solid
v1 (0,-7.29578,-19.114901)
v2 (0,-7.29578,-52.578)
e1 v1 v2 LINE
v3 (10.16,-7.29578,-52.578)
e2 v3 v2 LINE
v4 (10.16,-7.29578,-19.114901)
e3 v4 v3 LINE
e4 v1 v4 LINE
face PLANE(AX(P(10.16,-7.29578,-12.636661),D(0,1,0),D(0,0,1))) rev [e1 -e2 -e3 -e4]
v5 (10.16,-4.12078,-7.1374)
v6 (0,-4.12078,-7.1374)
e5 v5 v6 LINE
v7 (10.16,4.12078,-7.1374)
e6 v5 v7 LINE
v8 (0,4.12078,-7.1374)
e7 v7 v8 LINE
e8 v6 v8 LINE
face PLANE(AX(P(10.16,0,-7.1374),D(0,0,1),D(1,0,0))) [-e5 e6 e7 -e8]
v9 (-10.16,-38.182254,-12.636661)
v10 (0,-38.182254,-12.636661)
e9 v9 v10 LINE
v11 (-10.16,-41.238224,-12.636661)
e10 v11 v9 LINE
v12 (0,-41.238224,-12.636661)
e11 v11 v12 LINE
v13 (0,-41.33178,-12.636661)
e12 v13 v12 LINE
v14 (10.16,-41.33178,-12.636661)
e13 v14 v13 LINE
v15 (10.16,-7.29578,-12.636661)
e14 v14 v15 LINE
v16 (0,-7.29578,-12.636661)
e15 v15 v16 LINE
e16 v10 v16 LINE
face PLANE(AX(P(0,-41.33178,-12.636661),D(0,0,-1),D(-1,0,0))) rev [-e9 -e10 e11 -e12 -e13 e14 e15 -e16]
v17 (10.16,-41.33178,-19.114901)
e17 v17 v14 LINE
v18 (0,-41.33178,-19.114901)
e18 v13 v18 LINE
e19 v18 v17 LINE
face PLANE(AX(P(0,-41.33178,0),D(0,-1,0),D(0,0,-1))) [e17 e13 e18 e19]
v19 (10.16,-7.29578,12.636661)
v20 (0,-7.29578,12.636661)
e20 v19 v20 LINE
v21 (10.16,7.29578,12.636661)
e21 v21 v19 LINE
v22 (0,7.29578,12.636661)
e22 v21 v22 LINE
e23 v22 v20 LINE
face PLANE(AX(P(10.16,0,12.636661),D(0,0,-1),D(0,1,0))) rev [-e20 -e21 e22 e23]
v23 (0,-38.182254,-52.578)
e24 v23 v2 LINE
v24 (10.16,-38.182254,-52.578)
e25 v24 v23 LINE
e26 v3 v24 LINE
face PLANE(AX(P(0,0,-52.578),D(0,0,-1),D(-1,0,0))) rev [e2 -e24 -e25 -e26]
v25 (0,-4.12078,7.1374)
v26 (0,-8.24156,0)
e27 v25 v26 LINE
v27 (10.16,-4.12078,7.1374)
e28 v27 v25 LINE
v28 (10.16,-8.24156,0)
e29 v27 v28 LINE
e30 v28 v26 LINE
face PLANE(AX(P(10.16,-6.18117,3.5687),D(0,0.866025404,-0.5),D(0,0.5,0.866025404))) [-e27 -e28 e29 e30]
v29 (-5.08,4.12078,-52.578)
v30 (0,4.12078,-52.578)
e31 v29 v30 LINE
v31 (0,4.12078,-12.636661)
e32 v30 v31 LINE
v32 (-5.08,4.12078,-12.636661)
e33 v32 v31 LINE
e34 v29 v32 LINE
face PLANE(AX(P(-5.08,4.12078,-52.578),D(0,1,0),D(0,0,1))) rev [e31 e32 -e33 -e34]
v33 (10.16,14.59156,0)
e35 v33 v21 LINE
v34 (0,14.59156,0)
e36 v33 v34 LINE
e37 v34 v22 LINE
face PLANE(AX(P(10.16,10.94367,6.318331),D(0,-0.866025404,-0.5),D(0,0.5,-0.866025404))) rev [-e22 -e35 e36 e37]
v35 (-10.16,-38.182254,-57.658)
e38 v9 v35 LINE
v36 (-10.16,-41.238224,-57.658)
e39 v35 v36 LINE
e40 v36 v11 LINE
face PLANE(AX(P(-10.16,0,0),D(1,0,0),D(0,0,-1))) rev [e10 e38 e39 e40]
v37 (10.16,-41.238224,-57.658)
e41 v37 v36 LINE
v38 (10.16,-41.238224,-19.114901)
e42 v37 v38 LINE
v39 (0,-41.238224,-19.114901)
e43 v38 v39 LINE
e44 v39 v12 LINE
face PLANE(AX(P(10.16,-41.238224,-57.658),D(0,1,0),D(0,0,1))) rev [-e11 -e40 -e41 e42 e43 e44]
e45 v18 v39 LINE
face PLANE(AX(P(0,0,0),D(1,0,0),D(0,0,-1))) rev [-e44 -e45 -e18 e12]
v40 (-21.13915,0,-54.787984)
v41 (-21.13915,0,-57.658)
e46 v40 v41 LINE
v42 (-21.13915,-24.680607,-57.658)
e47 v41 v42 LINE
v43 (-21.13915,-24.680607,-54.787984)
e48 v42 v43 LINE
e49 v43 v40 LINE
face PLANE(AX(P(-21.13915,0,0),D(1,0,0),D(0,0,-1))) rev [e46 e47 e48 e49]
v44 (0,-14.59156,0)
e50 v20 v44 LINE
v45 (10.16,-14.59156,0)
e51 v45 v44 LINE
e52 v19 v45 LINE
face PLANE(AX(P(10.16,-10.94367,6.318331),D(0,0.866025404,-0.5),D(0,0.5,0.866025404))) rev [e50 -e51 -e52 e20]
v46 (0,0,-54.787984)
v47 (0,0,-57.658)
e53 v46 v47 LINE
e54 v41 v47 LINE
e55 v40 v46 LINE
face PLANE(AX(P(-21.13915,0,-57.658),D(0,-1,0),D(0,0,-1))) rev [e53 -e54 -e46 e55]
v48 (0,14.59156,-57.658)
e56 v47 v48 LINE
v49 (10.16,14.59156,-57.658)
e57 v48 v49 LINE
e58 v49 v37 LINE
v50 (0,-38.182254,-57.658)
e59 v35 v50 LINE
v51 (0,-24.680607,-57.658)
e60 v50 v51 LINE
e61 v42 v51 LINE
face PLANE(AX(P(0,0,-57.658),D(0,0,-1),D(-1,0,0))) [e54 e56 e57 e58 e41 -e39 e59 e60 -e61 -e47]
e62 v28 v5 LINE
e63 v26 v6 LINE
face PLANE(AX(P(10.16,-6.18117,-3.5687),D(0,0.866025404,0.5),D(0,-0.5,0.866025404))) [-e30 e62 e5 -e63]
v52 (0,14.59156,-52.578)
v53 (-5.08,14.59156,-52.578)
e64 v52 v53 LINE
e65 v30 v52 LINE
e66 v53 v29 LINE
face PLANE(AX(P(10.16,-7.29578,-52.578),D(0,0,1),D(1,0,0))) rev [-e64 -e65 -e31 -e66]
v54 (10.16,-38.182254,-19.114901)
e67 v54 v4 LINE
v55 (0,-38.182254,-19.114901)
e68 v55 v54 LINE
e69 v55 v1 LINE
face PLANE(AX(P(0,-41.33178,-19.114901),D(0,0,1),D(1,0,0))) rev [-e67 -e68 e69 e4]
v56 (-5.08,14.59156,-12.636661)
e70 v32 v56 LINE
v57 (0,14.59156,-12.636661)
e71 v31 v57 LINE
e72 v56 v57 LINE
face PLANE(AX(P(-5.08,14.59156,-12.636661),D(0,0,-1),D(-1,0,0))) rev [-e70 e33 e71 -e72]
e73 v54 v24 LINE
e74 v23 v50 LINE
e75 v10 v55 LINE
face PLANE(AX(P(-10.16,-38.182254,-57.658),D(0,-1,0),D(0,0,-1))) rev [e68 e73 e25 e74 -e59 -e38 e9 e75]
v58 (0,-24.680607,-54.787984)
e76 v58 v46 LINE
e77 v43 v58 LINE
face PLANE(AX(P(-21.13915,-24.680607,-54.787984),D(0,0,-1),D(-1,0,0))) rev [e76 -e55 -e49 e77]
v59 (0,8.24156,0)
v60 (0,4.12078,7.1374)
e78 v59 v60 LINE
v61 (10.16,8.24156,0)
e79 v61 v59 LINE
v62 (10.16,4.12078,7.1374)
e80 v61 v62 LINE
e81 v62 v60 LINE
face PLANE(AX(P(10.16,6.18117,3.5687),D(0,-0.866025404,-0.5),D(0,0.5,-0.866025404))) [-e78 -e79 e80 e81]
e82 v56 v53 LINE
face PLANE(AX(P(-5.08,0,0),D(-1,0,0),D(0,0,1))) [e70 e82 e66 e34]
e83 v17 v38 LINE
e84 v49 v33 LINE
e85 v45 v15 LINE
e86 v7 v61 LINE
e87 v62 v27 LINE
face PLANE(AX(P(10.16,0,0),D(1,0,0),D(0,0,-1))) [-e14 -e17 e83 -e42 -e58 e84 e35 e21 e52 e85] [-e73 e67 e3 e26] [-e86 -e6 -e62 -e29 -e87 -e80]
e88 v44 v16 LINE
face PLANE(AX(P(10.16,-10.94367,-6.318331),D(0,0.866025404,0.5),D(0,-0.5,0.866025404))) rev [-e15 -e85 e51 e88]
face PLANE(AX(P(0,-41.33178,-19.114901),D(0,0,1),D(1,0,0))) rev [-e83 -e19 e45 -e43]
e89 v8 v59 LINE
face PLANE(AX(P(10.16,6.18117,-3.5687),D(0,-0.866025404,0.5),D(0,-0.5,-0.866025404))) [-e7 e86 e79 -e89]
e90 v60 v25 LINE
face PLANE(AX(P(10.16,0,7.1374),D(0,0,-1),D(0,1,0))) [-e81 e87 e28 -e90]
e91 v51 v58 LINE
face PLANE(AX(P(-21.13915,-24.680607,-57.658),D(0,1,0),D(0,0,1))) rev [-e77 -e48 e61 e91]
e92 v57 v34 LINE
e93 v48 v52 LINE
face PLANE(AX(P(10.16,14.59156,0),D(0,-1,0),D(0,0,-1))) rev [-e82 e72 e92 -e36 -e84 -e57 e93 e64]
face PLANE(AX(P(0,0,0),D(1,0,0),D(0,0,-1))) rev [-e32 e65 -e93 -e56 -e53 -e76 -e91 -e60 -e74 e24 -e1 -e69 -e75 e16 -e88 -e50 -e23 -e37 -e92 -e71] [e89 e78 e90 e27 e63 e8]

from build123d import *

# Parameters (mm, degrees)
BOSS_EXTRUDE1_DEPTH = 10.16
BOSS_EXTRUDE2_DEPTH = 10.16
SKETCH4_W           = 39.941338686
SKETCH4_H           = 10.470779812
BOSS_EXTRUDE3_DEPTH = 5.08
SKETCH6_W           = 10.16
SKETCH6_H           = 55.829783289
BOSS_EXTRUDE5_DEPTH = 5.08
SKETCH9_W           = 10.16
SKETCH9_H           = 6.478239632
BOSS_EXTRUDE6_DEPTH = 34.036
SKETCH12_W          = 45.021338686
SKETCH12_H          = 3.055969703
BOSS_EXTRUDE7_DEPTH = 10.16
SKETCH13_W          = 10.16
SKETCH13_H          = 3.055969703
BOSS_EXTRUDE8_DEPTH = 33.528
SKETCH16_W          = 2.870015597
SKETCH16_H          = 24.680607417
BOSS_EXTRUDE9_DEPTH = 21.13915


with BuildPart() as part:
    # Sketch2 → Boss-Extrude1 (new body)
    with BuildSketch(Plane(origin=(0, 0, 0), x_dir=(0, 0, -1), z_dir=(1, 0, 0))):
        Polygon((0, 14.591559623), (-12.636661314, 7.295779811), (-12.636661314, -7.295779811), (0, -14.591559623), (12.636661314, -7.295779811), (12.636661314, 7.295779811), align=None)
        Polygon((0, 8.241559623), (-7.1374, 4.120779811), (-7.1374, -4.120779811), (0, -8.241559623), (7.1374, -4.120779811), (7.1374, 4.120779811), align=None, mode=Mode.SUBTRACT)
    extrude(amount=BOSS_EXTRUDE1_DEPTH)

    # Sketch3 → Boss-Extrude2 (add)
    with BuildSketch(Plane(origin=(0, 0, 0), x_dir=(0, 0, -1), z_dir=(1, 0, 0))):
        Polygon((12.636661314, -7.295779811), (52.578, -7.295779811), (52.578, 14.591559623), (0, 14.591559623), (12.636661314, 7.295779811), align=None)
    extrude(amount=BOSS_EXTRUDE2_DEPTH)

    # Sketch4 → Boss-Extrude3 (add)
    with BuildSketch(Plane.ZY):
        with Locations((-32.607330657, 9.356169717)):
            Rectangle(SKETCH4_W, SKETCH4_H)
    extrude(amount=BOSS_EXTRUDE3_DEPTH)

    # Sketch6 → Boss-Extrude5 (add)
    with BuildSketch(Plane(origin=(0, 0, -52.578), x_dir=(-1, 0, 0), z_dir=(0, 0, -1))):
        with Locations((-5.08, -13.323332022)):
            Rectangle(SKETCH6_W, SKETCH6_H)
    extrude(amount=BOSS_EXTRUDE5_DEPTH)

    # Sketch9 → Boss-Extrude6 (add)
    with BuildSketch(Plane(origin=(0, -7.295779811, 0), x_dir=(-1, 0, 0), z_dir=(0, -1, 0))):
        with Locations((-5.08, 15.87578113)):
            Rectangle(SKETCH9_W, SKETCH9_H)
    extrude(amount=BOSS_EXTRUDE6_DEPTH)

    # Sketch12 → Boss-Extrude7 (add)
    with BuildSketch(Plane.ZY):
        with Locations((-35.147330657, -39.710238815)):
            Rectangle(SKETCH12_W, SKETCH12_H)
    extrude(amount=BOSS_EXTRUDE7_DEPTH)

    # Sketch13 → Boss-Extrude8 (add)
    with BuildSketch(Plane.XY.offset(-52.578)):
        with Locations((5.08, -39.710238815)):
            Rectangle(SKETCH13_W, SKETCH13_H)
    extrude(amount=BOSS_EXTRUDE8_DEPTH)

    # Sketch16 → Boss-Extrude9 (add)
    with BuildSketch(Plane.ZY):
        with Locations((-56.222992202, -12.340303709)):
            Rectangle(SKETCH16_W, SKETCH16_H)
    extrude(amount=BOSS_EXTRUDE9_DEPTH)


solid = part.part
